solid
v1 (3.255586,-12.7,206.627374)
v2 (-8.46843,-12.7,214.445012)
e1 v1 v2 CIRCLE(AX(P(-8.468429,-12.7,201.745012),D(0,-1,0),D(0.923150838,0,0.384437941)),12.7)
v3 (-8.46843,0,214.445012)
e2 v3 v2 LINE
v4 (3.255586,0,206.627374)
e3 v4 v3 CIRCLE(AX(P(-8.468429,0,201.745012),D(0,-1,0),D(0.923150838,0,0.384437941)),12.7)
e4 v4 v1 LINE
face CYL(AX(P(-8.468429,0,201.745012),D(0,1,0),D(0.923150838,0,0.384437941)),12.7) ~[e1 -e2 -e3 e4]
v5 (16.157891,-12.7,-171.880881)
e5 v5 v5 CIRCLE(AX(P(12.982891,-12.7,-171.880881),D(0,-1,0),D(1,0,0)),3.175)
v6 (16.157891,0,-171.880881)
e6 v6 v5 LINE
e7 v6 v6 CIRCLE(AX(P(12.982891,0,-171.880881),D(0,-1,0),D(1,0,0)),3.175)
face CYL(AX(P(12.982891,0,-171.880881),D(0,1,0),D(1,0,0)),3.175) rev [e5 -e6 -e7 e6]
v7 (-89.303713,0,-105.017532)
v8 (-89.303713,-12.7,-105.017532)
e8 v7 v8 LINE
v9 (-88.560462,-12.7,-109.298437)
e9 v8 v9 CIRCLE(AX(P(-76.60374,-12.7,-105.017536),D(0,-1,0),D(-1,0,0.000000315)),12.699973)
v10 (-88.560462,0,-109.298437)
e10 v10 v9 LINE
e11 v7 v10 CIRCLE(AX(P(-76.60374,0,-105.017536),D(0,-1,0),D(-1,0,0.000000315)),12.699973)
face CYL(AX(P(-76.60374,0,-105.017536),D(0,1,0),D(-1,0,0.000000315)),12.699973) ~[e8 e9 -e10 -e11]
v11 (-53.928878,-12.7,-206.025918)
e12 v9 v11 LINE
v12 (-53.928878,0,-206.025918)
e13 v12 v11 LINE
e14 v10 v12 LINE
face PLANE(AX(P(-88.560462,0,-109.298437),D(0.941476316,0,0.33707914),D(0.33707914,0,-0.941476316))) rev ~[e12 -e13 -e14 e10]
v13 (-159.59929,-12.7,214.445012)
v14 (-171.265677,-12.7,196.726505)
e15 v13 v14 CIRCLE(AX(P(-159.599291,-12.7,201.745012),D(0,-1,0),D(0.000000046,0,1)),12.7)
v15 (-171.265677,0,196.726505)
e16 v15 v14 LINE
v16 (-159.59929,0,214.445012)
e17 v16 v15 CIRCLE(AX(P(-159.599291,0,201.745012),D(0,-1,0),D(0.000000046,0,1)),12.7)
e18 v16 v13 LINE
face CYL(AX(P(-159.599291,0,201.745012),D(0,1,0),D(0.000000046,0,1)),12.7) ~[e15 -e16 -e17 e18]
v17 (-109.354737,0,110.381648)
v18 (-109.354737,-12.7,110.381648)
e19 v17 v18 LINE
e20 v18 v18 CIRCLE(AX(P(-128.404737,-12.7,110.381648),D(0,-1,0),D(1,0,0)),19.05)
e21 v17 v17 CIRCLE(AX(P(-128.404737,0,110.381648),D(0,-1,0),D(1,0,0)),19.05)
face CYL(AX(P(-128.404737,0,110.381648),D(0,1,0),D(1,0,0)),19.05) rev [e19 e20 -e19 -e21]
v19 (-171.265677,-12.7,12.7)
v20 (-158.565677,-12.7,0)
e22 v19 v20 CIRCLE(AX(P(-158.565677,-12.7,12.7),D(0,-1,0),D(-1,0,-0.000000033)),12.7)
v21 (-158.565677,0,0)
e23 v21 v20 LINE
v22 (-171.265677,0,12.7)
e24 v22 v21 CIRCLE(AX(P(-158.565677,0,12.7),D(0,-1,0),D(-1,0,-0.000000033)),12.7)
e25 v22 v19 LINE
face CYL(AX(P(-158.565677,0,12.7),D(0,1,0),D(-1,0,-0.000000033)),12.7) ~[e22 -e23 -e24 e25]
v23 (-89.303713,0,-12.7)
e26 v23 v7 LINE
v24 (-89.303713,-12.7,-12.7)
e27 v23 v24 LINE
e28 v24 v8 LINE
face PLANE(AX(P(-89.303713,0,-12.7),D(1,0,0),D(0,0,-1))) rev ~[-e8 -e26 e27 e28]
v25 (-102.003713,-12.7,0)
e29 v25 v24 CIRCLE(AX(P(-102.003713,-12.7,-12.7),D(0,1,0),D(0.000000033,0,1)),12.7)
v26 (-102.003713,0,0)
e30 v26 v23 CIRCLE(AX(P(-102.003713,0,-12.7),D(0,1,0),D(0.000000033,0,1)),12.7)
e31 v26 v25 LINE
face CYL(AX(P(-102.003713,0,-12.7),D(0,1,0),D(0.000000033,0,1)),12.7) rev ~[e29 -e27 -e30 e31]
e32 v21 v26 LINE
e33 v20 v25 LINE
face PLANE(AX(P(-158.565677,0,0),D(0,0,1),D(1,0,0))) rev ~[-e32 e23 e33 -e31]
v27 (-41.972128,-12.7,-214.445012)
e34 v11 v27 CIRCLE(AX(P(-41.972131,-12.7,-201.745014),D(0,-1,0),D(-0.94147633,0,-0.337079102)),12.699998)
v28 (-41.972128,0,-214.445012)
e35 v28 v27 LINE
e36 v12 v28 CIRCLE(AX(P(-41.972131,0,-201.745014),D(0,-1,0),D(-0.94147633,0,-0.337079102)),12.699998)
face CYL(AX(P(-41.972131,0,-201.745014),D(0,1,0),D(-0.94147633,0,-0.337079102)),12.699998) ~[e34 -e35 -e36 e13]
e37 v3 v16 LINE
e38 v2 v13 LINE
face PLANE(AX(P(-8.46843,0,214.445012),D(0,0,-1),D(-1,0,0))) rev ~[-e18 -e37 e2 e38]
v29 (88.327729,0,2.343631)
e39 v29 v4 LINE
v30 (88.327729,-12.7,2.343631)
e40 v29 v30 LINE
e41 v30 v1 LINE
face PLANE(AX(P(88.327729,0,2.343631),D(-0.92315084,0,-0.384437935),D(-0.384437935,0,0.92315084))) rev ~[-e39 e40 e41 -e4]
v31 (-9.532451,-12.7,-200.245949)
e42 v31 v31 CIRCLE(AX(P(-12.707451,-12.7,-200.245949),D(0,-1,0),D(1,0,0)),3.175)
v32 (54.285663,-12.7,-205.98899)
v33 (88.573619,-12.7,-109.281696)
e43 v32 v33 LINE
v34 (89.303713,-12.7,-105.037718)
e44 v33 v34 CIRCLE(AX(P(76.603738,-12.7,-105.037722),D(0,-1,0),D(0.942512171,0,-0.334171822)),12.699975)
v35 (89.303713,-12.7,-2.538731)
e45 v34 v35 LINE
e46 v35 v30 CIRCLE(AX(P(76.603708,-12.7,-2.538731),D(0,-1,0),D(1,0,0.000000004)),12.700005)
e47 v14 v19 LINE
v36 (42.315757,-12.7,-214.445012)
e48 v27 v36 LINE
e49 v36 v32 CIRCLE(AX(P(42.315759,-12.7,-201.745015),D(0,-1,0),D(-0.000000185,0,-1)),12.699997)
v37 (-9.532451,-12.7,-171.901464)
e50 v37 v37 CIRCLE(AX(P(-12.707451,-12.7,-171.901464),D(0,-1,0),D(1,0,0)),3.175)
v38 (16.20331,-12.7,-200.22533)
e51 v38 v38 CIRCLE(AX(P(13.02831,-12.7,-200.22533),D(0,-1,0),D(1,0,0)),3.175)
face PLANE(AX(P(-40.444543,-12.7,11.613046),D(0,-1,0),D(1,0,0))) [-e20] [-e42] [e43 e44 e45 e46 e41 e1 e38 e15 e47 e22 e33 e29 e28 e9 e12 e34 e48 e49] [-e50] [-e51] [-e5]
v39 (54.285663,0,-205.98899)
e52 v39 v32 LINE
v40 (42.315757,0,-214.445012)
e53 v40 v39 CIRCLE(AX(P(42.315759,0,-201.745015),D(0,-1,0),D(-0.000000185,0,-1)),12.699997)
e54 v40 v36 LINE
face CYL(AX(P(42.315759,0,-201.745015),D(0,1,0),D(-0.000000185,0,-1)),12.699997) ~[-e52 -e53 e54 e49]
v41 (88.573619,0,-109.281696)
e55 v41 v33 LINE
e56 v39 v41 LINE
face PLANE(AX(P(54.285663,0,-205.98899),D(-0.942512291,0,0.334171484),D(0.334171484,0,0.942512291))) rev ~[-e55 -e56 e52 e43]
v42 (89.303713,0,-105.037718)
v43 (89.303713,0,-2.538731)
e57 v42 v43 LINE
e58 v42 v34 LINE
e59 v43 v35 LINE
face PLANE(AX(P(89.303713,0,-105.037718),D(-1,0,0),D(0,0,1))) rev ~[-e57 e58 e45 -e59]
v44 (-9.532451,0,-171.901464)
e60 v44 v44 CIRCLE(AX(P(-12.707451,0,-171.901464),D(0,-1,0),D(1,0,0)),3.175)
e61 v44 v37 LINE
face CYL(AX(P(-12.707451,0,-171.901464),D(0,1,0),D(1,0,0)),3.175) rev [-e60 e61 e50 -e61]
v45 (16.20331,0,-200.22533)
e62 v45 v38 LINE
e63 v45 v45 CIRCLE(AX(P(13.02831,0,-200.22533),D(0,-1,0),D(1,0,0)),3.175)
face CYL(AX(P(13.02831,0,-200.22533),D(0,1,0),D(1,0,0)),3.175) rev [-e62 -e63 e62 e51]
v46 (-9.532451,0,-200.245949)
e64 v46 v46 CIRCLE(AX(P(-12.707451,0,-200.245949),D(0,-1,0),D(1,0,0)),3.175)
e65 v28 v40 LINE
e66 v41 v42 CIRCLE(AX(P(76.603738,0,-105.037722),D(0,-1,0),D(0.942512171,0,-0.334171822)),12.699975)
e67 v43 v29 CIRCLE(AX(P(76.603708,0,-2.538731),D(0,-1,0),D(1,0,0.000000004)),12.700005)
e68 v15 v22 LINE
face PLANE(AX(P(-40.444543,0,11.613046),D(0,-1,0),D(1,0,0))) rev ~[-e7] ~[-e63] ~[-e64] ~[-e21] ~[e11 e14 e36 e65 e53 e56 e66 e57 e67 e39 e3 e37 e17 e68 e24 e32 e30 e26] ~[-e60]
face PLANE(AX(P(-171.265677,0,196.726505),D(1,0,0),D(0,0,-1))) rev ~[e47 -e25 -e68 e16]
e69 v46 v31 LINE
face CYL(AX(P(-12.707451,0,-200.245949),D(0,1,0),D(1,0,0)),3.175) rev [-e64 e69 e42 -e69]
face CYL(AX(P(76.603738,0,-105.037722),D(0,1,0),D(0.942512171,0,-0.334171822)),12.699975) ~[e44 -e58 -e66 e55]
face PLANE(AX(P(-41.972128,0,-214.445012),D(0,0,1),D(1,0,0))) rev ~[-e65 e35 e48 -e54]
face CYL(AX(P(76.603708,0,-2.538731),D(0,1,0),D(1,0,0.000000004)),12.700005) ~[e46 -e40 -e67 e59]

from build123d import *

# Parameters (mm, degrees)
F0_R     = 3.175
F0_R_2   = 19.05
F1_DEPTH = 12.7


with BuildPart() as f1:
    # F0 (on Front) → F1 (new body)
    with BuildSketch(Plane.XZ):
        with BuildLine():
            ThreePointArc((3.255586, 206.627374), (-1.422722, 212.311374), (-8.46843, 214.445012))
            Line((-8.46843, 214.445012), (-89.303713, 214.445012))
            Line((-89.303713, 214.445012), (-159.59929, 214.445012))
            ThreePointArc((-159.59929, 214.445012), (-170.206482, 208.7291), (-171.265677, 196.726505))
            Line((-171.265677, 196.726505), (-171.265677, 12.7))
            ThreePointArc((-171.265677, 12.7), (-167.545933, 3.719744), (-158.565677, 0))
            Line((-158.565677, 0), (-102.003713, 0))
            ThreePointArc((-102.003713, 0), (-93.023457, -3.719744), (-89.303713, -12.7))
            Line((-89.303713, -12.7), (-89.303713, -105.017532))
            ThreePointArc((-89.303713, -105.017532), (-89.116521, -107.190006), (-88.560462, -109.298437))
            Line((-88.560462, -109.298437), (-53.928878, -206.025918))
            ThreePointArc((-53.928878, -206.025918), (-49.283849, -212.129075), (-41.972128, -214.445012))
            Line((-41.972128, -214.445012), (42.315757, -214.445012))
            ThreePointArc((42.315757, -214.445012), (49.643495, -212.117778), (54.285663, -205.98899))
            Line((54.285663, -205.98899), (88.573619, -109.281696))
            ThreePointArc((88.573619, -109.281696), (89.119859, -107.190878), (89.303713, -105.037718))
            Line((89.303713, -105.037718), (89.303713, -2.538731))
            ThreePointArc((89.303713, -2.538731), (89.057327, -0.049253), (88.327729, 2.343631))
            Line((88.327729, 2.343631), (3.255586, 206.627374))
        make_face()
        with Locations((-12.707451, -200.245949)):
            Circle(F0_R, mode=Mode.SUBTRACT)
        with Locations((-12.707451, -171.901464)):
            Circle(F0_R, mode=Mode.SUBTRACT)
        with Locations((13.02831, -200.22533)):
            Circle(F0_R, mode=Mode.SUBTRACT)
        with Locations((12.982891, -171.880881)):
            Circle(F0_R, mode=Mode.SUBTRACT)
        with Locations((-128.404737, 110.381648)):
            Circle(F0_R_2, mode=Mode.SUBTRACT)
    extrude(amount=F1_DEPTH)


solid = f1.part
